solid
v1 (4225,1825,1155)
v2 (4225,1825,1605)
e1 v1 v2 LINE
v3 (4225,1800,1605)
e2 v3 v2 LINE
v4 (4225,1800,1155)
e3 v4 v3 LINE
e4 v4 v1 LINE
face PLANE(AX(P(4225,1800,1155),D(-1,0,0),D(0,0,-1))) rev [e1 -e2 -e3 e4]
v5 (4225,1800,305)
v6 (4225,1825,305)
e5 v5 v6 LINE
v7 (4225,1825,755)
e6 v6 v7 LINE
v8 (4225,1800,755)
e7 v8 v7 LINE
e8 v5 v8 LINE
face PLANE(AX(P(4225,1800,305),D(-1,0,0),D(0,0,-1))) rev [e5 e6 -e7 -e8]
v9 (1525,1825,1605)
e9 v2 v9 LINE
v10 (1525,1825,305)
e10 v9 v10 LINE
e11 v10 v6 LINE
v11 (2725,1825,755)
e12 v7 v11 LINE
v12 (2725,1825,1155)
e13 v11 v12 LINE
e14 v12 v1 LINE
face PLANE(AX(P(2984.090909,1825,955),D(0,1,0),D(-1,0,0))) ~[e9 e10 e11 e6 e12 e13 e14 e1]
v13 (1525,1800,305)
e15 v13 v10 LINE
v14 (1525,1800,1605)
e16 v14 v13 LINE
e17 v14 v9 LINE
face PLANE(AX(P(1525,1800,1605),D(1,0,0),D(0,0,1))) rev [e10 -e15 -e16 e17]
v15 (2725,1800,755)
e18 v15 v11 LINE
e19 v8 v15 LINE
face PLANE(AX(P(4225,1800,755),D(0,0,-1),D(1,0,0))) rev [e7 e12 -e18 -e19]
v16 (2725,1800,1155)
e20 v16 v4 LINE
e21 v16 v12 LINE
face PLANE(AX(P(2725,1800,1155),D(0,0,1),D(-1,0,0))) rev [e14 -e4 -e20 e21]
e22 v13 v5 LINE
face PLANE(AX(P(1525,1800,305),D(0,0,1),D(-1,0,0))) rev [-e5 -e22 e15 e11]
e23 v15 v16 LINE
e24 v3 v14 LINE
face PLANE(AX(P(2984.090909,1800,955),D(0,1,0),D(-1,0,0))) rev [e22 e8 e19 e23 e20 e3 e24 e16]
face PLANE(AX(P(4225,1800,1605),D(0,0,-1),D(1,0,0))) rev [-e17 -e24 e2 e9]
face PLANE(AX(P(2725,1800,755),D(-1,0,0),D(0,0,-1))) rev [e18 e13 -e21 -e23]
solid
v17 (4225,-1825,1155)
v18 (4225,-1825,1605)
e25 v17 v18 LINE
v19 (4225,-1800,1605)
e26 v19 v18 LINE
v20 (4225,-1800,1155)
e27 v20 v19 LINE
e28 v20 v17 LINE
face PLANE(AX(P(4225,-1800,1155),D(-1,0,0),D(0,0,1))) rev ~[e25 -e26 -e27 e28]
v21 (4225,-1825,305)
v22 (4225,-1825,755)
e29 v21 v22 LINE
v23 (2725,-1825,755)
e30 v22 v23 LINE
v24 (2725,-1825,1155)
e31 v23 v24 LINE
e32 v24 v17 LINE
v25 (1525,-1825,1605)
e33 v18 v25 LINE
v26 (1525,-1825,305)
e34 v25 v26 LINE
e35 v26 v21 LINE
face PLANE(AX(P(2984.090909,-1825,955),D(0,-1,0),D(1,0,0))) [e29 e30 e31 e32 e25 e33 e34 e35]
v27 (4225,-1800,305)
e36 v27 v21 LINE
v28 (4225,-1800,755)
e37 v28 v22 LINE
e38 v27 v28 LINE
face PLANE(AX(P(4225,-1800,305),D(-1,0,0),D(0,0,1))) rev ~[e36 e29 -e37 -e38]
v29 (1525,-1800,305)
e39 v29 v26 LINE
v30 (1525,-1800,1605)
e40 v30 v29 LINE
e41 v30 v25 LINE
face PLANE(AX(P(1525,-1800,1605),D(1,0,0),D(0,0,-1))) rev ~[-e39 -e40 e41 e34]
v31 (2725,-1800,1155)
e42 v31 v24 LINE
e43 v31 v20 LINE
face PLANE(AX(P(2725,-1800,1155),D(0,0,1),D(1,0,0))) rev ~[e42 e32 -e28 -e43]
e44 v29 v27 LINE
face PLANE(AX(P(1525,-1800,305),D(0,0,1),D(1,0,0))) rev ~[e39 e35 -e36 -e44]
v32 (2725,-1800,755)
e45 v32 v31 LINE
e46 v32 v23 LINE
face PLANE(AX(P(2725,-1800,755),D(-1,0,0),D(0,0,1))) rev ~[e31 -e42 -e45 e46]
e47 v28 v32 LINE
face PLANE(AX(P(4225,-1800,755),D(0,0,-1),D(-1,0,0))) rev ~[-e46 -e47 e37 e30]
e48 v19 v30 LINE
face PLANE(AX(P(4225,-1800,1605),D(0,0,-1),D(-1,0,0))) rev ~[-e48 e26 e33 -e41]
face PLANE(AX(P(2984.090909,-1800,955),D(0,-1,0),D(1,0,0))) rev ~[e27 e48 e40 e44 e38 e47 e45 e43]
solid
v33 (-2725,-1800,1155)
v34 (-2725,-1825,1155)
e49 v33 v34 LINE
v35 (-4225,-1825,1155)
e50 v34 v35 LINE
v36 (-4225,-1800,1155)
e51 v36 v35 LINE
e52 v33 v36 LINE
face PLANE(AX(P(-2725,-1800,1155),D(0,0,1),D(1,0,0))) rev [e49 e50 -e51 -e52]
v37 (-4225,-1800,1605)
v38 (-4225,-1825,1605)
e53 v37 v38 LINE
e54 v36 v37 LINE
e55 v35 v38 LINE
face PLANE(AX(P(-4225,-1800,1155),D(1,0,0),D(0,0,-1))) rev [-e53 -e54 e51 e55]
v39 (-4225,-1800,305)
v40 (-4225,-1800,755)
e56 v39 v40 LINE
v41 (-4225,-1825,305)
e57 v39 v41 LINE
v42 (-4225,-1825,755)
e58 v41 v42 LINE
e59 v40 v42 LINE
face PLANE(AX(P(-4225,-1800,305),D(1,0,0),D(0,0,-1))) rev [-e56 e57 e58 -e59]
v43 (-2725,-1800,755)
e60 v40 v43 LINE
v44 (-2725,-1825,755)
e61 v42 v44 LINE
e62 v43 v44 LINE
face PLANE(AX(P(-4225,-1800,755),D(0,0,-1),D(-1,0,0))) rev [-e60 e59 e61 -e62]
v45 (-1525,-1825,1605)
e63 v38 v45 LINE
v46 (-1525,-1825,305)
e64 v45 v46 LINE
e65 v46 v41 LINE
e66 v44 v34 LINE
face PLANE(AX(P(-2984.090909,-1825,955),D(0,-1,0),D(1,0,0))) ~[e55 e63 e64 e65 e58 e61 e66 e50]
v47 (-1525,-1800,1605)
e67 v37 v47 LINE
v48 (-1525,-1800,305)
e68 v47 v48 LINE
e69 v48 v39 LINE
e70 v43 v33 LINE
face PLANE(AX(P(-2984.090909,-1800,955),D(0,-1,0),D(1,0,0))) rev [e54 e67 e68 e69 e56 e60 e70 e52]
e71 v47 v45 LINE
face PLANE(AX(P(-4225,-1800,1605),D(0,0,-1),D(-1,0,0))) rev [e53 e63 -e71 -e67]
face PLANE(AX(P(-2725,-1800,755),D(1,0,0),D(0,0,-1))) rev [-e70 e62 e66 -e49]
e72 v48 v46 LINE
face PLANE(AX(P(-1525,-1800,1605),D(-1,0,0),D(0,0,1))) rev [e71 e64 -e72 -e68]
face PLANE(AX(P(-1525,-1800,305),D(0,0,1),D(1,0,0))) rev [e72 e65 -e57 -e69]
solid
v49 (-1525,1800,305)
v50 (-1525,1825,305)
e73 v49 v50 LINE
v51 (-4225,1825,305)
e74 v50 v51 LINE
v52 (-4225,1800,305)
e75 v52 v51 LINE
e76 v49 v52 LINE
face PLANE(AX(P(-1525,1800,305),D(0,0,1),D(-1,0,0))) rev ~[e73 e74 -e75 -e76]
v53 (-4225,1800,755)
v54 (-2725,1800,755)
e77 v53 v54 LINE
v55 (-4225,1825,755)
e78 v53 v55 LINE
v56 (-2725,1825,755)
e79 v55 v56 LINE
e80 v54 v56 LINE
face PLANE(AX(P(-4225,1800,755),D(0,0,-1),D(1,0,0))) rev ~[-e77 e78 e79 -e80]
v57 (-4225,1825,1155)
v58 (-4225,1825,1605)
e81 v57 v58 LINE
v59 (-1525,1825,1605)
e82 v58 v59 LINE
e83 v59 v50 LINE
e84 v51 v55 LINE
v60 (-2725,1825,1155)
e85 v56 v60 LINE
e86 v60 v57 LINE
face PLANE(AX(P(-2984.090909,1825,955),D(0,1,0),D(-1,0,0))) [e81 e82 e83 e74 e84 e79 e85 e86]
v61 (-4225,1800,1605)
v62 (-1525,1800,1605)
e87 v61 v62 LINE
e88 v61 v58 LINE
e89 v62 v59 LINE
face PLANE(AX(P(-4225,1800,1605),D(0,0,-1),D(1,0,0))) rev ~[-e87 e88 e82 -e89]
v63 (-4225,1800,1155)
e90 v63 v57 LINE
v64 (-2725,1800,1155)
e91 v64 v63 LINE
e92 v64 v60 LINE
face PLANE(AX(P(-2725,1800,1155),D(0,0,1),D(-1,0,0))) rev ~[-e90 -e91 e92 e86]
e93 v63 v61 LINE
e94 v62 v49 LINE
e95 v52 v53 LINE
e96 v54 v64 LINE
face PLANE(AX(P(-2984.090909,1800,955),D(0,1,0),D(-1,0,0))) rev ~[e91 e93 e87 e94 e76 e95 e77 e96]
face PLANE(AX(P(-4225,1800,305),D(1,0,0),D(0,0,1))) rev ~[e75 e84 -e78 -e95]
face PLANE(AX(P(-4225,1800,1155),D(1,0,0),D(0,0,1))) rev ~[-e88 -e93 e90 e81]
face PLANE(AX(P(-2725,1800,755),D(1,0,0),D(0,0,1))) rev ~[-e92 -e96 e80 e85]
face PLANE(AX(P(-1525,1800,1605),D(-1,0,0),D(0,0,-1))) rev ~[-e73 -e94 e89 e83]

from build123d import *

# Parameters (mm, degrees)
F2_DEPTH = 25


with BuildPart() as f2:
    # F1 (on offset) → F2 (new body)
    with BuildSketch(Plane.XZ.offset(1800)):
        Polygon((4225, 1605), (1525, 1605), (1525, 305), (4225, 305), (4225, 755), (2725, 755), (2725, 1155), (4225, 1155), align=None)
    extrude(amount=F2_DEPTH)


with BuildPart() as f3_1:
    # F3: instance of F2
    add(f2.part.mirror(Plane.YZ))


with BuildPart() as f4_1:
    # F4: instance of F2
    add(f2.part.mirror(Plane.XZ))


with BuildPart() as f4_2:
    # F4: instance of F3_1
    add(f3_1.part.mirror(Plane.XZ))


solid = Compound([f2.part, f3_1.part, f4_1.part, f4_2.part])
